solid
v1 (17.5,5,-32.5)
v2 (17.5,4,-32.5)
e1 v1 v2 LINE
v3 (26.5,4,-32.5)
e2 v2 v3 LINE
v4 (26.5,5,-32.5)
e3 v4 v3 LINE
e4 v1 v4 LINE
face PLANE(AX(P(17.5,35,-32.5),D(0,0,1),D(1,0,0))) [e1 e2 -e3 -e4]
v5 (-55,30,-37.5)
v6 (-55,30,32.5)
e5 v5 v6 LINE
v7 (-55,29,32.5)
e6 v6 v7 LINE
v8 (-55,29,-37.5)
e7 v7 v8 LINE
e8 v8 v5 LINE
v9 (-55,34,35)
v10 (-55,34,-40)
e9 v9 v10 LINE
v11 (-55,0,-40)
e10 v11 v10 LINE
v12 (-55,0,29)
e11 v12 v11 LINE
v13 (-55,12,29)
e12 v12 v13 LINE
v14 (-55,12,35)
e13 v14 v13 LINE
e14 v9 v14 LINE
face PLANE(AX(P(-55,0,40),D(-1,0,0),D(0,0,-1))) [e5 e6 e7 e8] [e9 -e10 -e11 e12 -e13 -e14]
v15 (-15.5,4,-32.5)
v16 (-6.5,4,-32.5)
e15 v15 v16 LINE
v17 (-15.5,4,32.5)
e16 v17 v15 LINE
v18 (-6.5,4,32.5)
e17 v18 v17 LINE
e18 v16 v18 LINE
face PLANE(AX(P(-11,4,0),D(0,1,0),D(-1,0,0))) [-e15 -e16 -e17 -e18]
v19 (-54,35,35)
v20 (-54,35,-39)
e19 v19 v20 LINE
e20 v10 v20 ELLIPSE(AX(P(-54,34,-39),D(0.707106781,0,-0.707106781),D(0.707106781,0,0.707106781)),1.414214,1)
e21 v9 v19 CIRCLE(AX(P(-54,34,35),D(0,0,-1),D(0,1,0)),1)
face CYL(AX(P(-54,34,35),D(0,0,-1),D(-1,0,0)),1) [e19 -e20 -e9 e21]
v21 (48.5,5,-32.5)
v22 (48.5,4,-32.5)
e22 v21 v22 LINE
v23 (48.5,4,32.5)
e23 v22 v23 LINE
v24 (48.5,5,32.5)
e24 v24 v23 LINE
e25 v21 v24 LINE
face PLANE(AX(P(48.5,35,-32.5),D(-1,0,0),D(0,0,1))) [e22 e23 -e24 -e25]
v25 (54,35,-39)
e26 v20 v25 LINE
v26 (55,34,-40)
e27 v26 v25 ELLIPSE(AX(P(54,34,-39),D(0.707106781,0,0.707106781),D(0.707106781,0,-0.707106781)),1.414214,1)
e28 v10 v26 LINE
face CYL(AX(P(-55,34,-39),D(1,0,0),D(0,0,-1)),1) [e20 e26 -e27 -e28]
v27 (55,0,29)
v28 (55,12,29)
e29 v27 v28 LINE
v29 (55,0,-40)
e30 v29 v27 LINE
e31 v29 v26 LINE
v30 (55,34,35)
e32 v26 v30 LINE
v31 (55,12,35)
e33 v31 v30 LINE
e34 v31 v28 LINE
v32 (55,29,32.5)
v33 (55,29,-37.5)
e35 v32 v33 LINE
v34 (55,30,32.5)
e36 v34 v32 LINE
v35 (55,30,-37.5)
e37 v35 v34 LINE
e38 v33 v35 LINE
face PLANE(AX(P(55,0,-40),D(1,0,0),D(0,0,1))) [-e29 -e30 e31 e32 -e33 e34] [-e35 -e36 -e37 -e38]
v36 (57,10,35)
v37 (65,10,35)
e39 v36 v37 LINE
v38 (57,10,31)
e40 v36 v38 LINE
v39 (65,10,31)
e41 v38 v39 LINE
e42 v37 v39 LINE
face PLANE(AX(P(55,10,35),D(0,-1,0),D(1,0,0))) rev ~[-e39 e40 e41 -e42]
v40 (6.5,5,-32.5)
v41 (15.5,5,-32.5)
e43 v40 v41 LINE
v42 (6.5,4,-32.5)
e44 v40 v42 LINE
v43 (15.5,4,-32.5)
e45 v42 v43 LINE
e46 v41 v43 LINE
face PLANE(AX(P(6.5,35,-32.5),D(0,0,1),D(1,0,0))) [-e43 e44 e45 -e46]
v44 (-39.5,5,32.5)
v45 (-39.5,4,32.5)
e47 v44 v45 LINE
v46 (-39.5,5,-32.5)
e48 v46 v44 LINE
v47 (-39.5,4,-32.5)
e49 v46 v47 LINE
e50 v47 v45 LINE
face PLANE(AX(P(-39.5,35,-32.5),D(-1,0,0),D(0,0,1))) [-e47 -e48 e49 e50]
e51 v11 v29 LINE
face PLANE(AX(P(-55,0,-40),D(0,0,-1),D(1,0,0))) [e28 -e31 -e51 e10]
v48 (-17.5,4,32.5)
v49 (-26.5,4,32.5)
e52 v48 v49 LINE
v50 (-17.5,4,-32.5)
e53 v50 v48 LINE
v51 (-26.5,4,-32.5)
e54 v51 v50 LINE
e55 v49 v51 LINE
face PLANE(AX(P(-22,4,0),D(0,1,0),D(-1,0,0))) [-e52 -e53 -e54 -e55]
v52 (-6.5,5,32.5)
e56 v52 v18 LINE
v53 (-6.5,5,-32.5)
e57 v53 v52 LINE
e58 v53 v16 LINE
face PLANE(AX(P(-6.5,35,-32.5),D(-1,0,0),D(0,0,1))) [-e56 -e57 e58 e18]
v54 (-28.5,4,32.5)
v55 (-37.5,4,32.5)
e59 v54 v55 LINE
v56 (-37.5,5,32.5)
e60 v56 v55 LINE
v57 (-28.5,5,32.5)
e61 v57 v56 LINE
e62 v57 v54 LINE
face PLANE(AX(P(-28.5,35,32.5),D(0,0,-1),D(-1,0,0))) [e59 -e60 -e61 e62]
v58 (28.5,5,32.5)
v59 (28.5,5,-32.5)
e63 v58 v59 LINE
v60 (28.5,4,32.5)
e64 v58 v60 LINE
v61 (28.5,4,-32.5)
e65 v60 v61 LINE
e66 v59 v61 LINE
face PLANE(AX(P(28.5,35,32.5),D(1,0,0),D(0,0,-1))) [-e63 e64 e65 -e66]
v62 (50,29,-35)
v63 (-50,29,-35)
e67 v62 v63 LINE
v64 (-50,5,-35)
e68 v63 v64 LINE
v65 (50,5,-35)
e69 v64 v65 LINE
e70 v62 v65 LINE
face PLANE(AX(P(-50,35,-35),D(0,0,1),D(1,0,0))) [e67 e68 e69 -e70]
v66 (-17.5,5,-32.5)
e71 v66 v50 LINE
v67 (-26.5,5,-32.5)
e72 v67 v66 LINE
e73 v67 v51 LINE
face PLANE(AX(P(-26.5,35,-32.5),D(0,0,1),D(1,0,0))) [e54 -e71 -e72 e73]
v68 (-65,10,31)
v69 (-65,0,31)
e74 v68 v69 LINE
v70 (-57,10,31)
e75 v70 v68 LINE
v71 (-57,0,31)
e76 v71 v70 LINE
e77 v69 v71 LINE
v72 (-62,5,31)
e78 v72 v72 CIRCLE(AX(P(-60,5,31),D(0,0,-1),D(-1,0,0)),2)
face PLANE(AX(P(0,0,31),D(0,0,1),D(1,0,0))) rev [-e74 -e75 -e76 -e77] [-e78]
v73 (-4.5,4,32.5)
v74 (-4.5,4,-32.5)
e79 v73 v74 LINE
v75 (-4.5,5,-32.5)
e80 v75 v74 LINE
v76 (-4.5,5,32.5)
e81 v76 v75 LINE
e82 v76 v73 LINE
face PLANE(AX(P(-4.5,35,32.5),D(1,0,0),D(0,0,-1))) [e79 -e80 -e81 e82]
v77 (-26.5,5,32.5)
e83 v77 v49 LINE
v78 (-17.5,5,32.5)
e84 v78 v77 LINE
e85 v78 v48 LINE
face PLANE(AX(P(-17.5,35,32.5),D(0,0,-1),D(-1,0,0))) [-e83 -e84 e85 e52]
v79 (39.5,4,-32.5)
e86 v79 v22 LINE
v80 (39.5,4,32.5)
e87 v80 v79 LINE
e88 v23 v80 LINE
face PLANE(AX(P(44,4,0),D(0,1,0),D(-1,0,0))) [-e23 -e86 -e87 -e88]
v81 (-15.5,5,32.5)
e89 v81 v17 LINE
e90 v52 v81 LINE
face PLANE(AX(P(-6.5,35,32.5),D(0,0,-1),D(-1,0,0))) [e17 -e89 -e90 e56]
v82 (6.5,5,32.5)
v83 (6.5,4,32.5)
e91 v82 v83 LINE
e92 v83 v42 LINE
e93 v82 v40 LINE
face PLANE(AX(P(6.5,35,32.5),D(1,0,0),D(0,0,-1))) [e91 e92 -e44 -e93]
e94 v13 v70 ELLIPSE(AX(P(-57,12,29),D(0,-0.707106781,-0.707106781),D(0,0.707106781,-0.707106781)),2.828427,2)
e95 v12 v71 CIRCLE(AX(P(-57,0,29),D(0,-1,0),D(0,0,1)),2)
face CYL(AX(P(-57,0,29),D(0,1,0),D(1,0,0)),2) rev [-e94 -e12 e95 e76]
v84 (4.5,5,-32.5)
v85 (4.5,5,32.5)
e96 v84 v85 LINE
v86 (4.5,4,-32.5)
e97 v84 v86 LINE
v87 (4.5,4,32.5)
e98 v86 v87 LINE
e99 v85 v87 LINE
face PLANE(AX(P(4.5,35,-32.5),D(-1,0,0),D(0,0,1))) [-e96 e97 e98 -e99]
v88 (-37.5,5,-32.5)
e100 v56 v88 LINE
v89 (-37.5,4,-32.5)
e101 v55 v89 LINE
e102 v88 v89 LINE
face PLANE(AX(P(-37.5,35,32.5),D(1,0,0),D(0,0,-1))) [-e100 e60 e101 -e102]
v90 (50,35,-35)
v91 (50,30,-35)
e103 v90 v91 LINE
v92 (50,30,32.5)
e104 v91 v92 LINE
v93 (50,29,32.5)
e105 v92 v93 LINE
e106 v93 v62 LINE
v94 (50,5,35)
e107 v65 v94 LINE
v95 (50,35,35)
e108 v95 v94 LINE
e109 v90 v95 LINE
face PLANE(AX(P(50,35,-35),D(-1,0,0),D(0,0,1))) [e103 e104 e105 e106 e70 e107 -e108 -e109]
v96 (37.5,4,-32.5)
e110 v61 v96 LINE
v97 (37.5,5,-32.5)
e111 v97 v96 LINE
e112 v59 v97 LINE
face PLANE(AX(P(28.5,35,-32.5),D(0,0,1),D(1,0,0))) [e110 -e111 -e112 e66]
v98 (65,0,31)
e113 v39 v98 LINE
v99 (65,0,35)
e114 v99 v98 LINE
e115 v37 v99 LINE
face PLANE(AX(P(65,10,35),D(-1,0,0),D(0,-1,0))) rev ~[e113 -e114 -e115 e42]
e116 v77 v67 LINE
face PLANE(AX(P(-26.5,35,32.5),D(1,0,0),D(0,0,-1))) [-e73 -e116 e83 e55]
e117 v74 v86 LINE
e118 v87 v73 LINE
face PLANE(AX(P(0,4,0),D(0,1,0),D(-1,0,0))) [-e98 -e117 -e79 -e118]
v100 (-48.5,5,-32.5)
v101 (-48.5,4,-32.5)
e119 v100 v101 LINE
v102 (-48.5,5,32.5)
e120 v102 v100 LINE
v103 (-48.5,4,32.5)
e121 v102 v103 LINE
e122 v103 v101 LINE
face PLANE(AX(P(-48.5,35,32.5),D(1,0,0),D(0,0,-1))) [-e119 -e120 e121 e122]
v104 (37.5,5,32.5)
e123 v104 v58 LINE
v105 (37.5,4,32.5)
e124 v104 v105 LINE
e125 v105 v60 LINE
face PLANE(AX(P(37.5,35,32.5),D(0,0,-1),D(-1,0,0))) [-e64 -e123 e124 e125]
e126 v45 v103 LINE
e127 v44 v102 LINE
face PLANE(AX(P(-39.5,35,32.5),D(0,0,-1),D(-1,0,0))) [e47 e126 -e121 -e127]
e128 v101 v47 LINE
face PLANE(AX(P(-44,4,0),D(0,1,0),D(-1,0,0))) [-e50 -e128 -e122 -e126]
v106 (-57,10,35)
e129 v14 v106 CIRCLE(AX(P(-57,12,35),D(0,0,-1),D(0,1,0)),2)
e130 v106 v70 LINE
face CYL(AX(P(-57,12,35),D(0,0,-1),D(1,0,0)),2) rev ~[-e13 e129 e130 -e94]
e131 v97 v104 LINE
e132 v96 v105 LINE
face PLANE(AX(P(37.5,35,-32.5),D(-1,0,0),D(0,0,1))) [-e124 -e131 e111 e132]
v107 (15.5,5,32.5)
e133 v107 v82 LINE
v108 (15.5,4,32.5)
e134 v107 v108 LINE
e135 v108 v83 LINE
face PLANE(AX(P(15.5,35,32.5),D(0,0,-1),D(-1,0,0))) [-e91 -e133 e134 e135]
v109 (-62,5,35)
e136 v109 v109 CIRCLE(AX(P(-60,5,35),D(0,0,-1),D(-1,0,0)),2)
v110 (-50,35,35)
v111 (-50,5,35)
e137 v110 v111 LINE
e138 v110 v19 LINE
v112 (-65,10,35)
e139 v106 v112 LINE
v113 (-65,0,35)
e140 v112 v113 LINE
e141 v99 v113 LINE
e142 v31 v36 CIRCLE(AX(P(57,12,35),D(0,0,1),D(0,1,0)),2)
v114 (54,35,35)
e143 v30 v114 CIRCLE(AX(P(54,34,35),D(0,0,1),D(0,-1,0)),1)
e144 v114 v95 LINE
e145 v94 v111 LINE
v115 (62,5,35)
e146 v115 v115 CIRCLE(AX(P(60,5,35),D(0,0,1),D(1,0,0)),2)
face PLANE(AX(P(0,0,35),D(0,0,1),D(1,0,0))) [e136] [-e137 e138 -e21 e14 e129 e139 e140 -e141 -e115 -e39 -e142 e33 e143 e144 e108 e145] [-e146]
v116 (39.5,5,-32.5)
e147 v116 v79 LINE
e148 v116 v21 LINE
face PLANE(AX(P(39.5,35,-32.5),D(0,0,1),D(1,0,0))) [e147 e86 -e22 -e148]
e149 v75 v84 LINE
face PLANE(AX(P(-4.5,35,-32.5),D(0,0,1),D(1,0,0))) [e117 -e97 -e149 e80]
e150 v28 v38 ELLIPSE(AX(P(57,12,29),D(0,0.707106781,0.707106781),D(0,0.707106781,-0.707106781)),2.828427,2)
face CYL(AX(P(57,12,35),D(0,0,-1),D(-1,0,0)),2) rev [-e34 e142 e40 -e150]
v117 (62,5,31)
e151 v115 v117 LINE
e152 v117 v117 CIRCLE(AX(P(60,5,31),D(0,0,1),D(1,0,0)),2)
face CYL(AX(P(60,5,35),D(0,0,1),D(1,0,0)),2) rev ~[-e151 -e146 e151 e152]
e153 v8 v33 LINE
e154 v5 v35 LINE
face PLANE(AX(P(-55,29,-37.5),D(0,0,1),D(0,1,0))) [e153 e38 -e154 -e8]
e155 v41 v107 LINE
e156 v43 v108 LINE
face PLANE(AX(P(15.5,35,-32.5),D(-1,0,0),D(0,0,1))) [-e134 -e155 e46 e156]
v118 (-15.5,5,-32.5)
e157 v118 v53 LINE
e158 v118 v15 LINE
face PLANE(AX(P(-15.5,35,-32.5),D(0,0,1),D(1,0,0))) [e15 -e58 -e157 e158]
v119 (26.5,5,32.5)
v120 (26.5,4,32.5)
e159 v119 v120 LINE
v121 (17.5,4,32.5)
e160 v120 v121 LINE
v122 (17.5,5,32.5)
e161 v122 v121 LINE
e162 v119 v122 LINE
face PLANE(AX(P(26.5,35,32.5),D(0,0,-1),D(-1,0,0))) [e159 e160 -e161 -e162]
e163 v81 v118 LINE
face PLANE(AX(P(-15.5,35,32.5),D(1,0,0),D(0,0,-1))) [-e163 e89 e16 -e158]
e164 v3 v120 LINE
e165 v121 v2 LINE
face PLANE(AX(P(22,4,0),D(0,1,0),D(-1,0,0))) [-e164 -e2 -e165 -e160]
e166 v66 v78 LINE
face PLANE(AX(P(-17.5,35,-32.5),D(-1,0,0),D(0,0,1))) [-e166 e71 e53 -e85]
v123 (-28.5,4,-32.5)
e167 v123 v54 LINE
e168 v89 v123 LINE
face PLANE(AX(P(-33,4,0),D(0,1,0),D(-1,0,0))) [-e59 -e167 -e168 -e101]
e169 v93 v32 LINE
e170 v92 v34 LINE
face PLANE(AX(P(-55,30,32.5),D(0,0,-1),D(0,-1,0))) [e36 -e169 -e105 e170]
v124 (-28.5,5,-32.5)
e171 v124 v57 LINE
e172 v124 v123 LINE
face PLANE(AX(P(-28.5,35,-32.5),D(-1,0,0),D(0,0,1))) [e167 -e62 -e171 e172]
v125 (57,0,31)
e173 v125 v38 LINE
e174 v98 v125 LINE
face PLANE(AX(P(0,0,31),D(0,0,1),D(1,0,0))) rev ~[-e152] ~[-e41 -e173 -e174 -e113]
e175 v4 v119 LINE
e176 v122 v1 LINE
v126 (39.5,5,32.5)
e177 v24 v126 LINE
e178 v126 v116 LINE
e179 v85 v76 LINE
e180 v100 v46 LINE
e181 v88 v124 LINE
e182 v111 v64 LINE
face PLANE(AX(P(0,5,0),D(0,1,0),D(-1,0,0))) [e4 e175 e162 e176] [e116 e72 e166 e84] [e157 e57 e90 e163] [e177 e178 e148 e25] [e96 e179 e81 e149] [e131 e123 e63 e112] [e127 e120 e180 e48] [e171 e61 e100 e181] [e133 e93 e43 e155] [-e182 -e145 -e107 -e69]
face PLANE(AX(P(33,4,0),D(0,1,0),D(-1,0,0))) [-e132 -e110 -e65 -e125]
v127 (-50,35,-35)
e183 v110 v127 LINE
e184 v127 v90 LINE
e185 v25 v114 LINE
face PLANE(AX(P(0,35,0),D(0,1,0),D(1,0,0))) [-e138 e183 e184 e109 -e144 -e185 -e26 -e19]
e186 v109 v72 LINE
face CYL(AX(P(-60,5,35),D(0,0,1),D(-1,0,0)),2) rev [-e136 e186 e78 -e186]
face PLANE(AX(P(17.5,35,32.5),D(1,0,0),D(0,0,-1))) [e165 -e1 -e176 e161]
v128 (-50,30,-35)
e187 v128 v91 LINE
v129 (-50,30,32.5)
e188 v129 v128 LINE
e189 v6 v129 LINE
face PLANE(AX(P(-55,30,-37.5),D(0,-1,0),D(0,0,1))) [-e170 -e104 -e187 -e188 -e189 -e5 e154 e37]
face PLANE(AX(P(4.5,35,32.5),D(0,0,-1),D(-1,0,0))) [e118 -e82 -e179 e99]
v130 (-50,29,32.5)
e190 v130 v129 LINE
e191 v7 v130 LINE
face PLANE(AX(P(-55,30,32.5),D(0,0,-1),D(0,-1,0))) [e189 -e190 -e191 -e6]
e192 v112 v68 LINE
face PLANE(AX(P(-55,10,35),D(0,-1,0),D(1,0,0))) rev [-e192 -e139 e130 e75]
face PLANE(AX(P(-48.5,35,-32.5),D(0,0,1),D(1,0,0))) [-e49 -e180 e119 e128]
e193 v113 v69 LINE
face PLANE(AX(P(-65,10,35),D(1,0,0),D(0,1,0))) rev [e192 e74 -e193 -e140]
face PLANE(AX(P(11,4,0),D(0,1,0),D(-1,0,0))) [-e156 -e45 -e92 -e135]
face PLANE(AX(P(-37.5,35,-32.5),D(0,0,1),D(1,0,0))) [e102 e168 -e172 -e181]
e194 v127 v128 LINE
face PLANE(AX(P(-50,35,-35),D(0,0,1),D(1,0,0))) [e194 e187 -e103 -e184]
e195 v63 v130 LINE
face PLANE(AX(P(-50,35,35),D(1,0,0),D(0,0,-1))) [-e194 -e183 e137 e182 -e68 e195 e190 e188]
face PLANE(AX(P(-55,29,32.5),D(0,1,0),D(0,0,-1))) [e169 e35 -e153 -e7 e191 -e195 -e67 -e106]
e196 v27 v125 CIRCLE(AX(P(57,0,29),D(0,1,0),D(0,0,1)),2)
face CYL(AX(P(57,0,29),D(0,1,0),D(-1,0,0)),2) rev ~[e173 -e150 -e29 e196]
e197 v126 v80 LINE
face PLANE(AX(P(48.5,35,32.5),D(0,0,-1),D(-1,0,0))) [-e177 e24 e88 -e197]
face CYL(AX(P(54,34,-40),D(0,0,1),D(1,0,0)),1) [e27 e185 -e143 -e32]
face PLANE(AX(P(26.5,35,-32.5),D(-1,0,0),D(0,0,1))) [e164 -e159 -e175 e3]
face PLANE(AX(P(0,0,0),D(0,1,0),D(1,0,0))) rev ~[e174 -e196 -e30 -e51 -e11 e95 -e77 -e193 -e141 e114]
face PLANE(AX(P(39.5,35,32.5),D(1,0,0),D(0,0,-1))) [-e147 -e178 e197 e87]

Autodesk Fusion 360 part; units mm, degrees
sketch "Box base" plane through (0, 0, 0) normal (0, 1, 0) x (1, 0, 0)
  line L0 (55, -40) -> (-55, -40)
  line L1 (-55, -40) -> (-55, 40)
  line L2 (-55, 40) -> (55, 40)
  line L3 (55, 40) -> (55, -40)
  line L4 (55, -40) -> (-55, 40) construction
  line L5 (-55, -40) -> (55, 40) construction
  dimension "d3" = 110
  dimension "d4" = 80
extrude "Extrude2" add sketch "Box base" along normal blind 35
sketch "Center box" plane through (0, 35, 0) normal (0, 1, 0) x (-1, 0, 0)
  line L0 (-55, -40) -> (55, -40)
  line L1 (55, -40) -> (55, 40)
  line L2 (55, 40) -> (-55, 40)
  line L3 (-55, 40) -> (-55, -40)
  line L4 (-50, 35) -> (50, 35)
  line L5 (50, 35) -> (50, -35)
  line L6 (50, -35) -> (-50, -35)
  line L7 (-50, -35) -> (-50, 35)
  line L8 (-50, 35) -> (50, -35) construction
  line L9 (50, 35) -> (-50, -35) construction
  dimension "d9" = 100
  dimension "d10" = 70
extrude "Extrude3" cut sketch "Center box" against normal blind 30 contours L4 L5 L6 L7
sketch "open one end" plane through (0, 0, 40) normal (0, 0, 1) x (1, 0, 0)
  line L0 (-55, 0) -> (55, 0)
  line L1 (55, 0) -> (55, 35)
  line L2 (55, 35) -> (-55, 35)
  line L3 (-55, 35) -> (-55, 0)
  line L4 (-55, 35) -> (55, 35)
  line L5 (55, 35) -> (55, 0)
  line L6 (55, 0) -> (-55, 0)
  line L7 (-55, 0) -> (-55, 35)
extrude "Extrude4" cut sketch "open one end" against normal blind 5
sketch "line marker for slit" plane through (0, 0, 35) normal (0, 0, 1) x (1, 0, 0)
  line L0 (-50, 5) -> (-50, 35)
  line L1 (-50, 35) -> (-55, 35)
  line L2 (-55, 35) -> (-55, 0)
  line L3 (-55, 0) -> (55, 0)
  line L4 (55, 0) -> (55, 35)
  line L5 (55, 35) -> (50, 35)
  line L6 (50, 35) -> (50, 5)
  line L7 (-50, 5) -> (-50, 29) construction
  line L8 (-50, 29) -> (-55, 29) construction
  line L9 (-55, 0) -> (-55, 35)
  line L10 (50, 5) -> (-50, 5)
  dimension "d21" = 24
sketch "Slit for diffuser" plane through (-55, 0, 0) normal (-1, 0, 0) x (0, 0, 1)
  line L0 (35, 0) -> (35, 35)
  line L1 (35, 35) -> (-40, 35)
  line L2 (-40, 35) -> (-40, 0)
  line L3 (-40, 0) -> (35, 0)
  line L4 (-40, 29) -> (35, 29) construction
  line L5 (-37.5, 30) -> (32.5, 30)
  line L6 (32.5, 30) -> (32.5, 29)
  line L7 (32.5, 29) -> (-37.5, 29)
  line L8 (-37.5, 29) -> (-37.5, 30)
  dimension "d22" = 70
  dimension "d23" = 1
extrude "Extrude6" cut sketch "Slit for diffuser" against normal up to surface (110 mm away) contours L5 L6 L7 L8
sketch "Sketch8" plane through (0, 35, 0) normal (0, 1, 0) x (-1, 0, 0)
  line L0 (4.5, -32.5) -> (-4.5, -32.5)
  line L1 (-4.5, -32.5) -> (-4.5, 32.5)
  line L2 (-4.5, 32.5) -> (4.5, 32.5)
  line L3 (4.5, 32.5) -> (4.5, -32.5)
  line L4 (4.5, -32.5) -> (-4.5, 32.5) construction
  line L5 (-4.5, -32.5) -> (4.5, 32.5) construction
  dimension "d28" = 9
  dimension "d29" = 65
extrude "Extrude7" cut sketch "Sketch8" against normal blind 31
pattern_linear "R-Pattern1" count 9 spacing 11 along (-1, 0, 0) both ways of "Extrude7"
sketch "nut holder" plane through (0, 0, 35) normal (0, 0, 1) x (1, 0, 0)
  line L0 (55, 10) -> (65, 10)
  line L1 (65, 10) -> (65, 0)
  line L2 (65, 0) -> (55, 0)
  line L3 (55, 0) -> (55, 10)
  circle A0 centre (60, 5) radius 2
  line L4 (60, 10) -> (60, 0) construction
  line L5 (65, 5) -> (55, 5) construction
  dimension "d36" = 10
  dimension "d37" = 10
  dimension "d43" = 4
extrude "Extrude8" add sketch "nut holder" against normal blind 4 contours L0 L1 L2 L3 | A0
extrude "Extrude9" cut sketch "nut holder" against normal blind 4 contours A0
fillet "Fillet1" radius 2 2 edges at (55, 10, 33) (55, 5, 31)
mirror "Mirror2" about plane through (0, 0, 0) normal (1, 0, 0) of "Extrude8", "Extrude9"
fillet "Fillet3" radius 2 2 edges at (-55, 10, 33) (-55, 5, 31)
fillet "Fillet4" radius 1 3 edges at (0, 35, -40) (-55, 35, -2.5) (55, 35, -2.5)
